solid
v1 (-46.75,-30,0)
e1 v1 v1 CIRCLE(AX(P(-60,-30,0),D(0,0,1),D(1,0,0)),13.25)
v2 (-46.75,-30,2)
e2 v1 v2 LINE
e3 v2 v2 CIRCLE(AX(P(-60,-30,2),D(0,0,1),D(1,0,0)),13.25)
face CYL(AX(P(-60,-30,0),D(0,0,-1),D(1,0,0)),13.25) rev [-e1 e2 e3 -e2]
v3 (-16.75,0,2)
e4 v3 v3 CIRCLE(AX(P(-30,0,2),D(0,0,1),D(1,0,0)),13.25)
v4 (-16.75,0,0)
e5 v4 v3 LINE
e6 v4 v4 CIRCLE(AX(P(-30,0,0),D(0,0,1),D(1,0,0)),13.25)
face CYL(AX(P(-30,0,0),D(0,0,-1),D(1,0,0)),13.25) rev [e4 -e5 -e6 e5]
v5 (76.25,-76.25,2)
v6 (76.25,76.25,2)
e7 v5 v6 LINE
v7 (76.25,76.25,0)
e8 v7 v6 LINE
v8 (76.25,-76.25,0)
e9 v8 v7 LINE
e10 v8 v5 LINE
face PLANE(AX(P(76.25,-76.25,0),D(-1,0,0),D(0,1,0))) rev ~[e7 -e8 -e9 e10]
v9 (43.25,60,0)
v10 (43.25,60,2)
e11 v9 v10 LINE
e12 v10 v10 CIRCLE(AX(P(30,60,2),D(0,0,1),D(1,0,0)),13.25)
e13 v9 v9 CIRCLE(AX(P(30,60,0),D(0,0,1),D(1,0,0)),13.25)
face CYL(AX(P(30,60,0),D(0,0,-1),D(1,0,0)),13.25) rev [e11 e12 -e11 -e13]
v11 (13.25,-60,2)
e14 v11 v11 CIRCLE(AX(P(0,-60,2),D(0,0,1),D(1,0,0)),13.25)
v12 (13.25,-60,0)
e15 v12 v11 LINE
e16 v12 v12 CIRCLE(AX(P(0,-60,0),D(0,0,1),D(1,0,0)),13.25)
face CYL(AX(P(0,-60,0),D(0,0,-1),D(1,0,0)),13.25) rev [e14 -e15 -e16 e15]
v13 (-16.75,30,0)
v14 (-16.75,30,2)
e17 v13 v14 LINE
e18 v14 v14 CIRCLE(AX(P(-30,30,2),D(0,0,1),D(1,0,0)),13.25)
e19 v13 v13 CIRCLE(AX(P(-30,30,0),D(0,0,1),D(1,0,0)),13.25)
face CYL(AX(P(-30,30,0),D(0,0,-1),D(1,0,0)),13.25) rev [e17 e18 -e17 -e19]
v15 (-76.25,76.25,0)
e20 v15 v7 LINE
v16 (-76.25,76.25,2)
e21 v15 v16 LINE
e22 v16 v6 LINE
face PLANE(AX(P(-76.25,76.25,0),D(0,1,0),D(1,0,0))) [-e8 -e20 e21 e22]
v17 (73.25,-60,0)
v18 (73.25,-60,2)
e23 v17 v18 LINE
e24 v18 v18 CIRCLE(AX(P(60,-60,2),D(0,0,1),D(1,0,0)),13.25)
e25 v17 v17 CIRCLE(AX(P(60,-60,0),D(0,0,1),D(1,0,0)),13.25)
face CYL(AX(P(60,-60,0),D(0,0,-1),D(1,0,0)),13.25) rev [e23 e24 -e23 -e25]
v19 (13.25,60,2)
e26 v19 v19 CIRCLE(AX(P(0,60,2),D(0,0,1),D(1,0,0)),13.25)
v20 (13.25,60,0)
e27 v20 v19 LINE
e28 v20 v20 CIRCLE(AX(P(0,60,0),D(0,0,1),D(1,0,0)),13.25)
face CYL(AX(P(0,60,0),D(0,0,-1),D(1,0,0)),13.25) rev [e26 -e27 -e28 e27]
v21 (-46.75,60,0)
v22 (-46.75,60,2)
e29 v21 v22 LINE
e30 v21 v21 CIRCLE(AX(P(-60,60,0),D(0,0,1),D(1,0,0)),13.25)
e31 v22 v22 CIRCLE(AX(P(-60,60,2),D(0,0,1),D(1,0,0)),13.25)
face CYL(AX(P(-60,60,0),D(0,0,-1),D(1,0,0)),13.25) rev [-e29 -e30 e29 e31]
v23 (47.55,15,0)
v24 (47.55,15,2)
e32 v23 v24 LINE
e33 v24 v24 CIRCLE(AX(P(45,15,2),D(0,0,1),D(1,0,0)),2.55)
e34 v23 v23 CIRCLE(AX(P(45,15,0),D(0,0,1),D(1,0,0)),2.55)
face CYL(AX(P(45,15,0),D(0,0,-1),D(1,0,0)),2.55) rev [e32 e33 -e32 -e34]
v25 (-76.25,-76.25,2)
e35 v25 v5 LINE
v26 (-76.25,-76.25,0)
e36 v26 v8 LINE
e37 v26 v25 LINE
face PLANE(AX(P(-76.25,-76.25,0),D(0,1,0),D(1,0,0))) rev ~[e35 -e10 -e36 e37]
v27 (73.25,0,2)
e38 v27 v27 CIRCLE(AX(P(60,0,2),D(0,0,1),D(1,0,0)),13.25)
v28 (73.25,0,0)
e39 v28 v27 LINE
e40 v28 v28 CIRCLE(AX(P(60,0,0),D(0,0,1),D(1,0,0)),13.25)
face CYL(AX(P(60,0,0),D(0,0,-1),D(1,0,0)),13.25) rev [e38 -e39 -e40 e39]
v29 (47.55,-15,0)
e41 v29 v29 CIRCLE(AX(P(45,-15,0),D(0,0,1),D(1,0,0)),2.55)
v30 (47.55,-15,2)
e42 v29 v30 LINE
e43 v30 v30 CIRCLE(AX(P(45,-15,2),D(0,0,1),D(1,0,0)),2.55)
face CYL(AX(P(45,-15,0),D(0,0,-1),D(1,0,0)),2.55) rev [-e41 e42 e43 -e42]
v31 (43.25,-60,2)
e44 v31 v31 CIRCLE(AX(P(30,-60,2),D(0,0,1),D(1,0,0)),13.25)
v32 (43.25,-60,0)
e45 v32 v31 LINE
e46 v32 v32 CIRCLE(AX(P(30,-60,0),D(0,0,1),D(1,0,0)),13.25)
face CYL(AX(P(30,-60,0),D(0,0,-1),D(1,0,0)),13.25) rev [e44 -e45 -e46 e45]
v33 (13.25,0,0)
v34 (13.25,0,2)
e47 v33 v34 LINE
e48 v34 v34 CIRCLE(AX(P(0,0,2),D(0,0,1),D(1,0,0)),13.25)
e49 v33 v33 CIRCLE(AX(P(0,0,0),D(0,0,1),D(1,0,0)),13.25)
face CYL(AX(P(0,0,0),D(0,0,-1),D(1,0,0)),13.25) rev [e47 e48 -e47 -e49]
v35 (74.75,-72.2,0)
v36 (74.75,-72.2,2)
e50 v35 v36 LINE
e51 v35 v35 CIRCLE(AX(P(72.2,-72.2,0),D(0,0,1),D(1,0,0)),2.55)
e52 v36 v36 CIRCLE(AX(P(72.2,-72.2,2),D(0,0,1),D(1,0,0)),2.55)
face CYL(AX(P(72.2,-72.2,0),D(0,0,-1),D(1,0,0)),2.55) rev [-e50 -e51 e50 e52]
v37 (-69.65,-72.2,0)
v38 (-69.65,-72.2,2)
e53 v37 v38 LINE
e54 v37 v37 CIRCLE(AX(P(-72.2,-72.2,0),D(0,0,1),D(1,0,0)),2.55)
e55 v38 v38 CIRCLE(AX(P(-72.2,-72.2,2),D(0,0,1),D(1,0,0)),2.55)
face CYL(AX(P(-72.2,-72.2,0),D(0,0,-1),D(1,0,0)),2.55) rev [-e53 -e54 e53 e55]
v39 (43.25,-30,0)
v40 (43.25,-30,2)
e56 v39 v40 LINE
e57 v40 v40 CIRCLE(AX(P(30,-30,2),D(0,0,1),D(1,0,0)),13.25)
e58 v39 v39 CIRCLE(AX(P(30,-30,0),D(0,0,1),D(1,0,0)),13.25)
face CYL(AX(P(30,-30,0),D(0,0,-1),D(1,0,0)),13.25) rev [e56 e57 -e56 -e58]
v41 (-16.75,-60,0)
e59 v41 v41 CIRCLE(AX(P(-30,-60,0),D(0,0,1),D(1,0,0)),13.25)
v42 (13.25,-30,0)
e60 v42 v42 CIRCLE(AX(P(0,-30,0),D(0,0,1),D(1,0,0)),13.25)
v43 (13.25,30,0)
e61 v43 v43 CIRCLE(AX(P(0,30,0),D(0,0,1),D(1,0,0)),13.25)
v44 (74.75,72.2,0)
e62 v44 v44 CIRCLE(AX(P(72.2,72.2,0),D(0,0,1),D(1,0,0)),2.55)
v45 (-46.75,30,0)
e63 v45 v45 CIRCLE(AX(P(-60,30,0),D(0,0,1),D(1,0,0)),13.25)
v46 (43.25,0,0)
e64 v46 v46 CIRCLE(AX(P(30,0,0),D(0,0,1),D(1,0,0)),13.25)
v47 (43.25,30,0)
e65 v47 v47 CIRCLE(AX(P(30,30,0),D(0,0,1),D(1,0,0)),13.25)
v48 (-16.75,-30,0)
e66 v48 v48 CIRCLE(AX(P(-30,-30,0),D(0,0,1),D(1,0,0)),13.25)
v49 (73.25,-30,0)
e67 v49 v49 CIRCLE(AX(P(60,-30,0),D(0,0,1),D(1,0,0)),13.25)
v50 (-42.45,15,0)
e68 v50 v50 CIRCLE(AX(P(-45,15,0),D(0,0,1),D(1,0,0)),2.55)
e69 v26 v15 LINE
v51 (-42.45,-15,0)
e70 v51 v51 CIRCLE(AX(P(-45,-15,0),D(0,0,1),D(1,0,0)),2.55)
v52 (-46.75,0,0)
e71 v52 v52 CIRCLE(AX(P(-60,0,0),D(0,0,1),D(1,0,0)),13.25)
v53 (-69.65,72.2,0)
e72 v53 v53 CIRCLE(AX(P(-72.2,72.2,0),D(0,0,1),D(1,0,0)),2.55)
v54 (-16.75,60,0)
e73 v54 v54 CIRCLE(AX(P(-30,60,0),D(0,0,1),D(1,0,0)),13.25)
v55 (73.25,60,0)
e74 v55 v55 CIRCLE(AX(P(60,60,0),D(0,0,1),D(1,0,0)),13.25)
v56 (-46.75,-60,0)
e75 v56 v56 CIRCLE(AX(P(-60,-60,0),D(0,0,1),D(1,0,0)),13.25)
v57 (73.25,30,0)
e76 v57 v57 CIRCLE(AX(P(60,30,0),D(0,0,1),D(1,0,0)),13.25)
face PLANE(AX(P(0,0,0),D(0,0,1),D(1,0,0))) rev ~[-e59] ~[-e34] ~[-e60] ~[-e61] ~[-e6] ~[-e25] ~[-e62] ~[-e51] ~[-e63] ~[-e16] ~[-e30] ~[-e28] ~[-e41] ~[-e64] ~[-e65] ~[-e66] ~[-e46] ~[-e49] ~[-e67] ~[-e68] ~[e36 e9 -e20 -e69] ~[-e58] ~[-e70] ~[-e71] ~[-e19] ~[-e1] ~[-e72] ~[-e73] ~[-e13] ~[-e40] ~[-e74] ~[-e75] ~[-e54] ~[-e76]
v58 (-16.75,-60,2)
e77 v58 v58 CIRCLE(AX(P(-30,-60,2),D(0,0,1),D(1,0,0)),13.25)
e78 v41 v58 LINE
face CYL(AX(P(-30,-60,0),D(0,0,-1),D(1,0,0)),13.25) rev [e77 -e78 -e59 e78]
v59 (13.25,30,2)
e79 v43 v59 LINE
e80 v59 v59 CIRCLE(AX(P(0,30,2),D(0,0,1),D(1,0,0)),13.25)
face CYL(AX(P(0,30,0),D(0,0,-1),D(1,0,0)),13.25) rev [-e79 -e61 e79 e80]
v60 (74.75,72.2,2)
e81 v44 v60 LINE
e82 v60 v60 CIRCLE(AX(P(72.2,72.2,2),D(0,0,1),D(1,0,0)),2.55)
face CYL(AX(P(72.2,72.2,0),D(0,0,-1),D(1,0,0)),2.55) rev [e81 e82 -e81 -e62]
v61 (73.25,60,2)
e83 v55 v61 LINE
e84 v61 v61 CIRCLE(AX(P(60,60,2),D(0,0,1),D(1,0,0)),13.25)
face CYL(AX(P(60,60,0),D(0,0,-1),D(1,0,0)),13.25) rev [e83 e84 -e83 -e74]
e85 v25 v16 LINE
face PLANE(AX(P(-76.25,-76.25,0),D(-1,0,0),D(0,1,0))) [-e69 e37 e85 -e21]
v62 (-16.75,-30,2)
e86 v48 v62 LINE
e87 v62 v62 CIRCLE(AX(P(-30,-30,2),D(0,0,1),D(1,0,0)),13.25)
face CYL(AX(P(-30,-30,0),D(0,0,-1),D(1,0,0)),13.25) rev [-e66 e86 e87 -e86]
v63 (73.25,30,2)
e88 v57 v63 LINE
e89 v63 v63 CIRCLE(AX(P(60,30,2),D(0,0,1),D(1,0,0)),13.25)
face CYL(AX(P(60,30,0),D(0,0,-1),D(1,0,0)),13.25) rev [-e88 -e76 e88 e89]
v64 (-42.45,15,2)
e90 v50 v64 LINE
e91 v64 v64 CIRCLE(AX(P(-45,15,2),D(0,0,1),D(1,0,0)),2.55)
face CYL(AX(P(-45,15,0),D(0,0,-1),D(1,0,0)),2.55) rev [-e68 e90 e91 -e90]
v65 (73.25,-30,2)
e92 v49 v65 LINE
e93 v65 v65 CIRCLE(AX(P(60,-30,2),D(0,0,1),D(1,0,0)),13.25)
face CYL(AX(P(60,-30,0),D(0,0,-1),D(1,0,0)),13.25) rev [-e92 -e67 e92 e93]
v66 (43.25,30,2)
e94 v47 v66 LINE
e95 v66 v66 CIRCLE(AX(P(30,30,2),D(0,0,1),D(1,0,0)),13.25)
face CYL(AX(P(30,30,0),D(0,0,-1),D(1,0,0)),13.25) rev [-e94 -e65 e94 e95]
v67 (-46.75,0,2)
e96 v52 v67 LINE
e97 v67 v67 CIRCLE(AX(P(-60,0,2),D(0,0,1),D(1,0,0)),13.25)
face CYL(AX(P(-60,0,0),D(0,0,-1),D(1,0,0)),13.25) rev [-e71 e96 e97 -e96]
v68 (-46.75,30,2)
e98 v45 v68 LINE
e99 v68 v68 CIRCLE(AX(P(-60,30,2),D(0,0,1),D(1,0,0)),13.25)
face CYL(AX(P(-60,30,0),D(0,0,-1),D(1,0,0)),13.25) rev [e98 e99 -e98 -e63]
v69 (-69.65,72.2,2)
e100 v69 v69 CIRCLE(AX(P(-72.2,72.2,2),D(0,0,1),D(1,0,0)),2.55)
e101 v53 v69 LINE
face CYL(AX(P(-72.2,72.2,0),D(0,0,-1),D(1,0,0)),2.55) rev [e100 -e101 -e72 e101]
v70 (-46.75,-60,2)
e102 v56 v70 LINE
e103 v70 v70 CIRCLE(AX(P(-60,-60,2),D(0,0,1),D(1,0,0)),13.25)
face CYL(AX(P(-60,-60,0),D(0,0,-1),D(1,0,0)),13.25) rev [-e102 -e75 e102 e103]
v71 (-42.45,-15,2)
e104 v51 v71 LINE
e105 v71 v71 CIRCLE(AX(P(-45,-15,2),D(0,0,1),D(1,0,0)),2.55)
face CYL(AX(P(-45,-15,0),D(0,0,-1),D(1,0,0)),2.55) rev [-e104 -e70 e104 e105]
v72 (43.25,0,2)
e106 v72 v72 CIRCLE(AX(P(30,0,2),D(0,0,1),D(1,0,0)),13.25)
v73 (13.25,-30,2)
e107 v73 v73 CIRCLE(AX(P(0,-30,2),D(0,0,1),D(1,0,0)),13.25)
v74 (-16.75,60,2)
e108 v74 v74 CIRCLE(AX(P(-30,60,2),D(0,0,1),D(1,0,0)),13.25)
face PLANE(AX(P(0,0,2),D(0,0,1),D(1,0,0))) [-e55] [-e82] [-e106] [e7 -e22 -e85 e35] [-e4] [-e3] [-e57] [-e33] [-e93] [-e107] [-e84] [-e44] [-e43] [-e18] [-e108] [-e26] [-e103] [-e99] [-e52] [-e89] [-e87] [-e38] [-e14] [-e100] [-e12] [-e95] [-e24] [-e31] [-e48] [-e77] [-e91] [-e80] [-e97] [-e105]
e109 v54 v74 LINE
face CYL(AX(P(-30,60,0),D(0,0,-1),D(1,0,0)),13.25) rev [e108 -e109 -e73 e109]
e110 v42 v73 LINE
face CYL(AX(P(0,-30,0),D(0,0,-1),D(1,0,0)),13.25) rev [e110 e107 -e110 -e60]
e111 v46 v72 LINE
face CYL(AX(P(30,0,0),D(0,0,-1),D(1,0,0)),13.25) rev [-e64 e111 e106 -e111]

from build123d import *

# Parameters (mm, degrees)
F0_W     = 152.5
F0_H     = 152.5
F0_R     = 2.55
F0_R_2   = 13.25
F1_DEPTH = 2


with BuildPart() as f1:
    # F0 (on Top) → F1 (new body)
    with BuildSketch(Plane.XY):
        Rectangle(F0_W, F0_H)
        with Locations((-72.2, -72.2)):
            Circle(F0_R, mode=Mode.SUBTRACT)
        with Locations((-60, -60)):
            Circle(F0_R_2, mode=Mode.SUBTRACT)
        with Locations((-30, -60)):
            Circle(F0_R_2, mode=Mode.SUBTRACT)
        with Locations((-60, -30)):
            Circle(F0_R_2, mode=Mode.SUBTRACT)
        with Locations((-45, -15)):
            Circle(F0_R, mode=Mode.SUBTRACT)
        with Locations((-30, -30)):
            Circle(F0_R_2, mode=Mode.SUBTRACT)
        with Locations((0, -60)):
            Circle(F0_R_2, mode=Mode.SUBTRACT)
        with Locations((30, -60)):
            Circle(F0_R_2, mode=Mode.SUBTRACT)
        with Locations((72.2, -72.2)):
            Circle(F0_R, mode=Mode.SUBTRACT)
        with Locations((60, -60)):
            Circle(F0_R_2, mode=Mode.SUBTRACT)
        with Locations((0, -30)):
            Circle(F0_R_2, mode=Mode.SUBTRACT)
        with Locations((30, -30)):
            Circle(F0_R_2, mode=Mode.SUBTRACT)
        with Locations((60, -30)):
            Circle(F0_R_2, mode=Mode.SUBTRACT)
        with Locations((45, -15)):
            Circle(F0_R, mode=Mode.SUBTRACT)
        with Locations((-60, 0)):
            Circle(F0_R_2, mode=Mode.SUBTRACT)
        with Locations((-45, 15)):
            Circle(F0_R, mode=Mode.SUBTRACT)
        with Locations((-60, 30)):
            Circle(F0_R_2, mode=Mode.SUBTRACT)
        with Locations((-30, 0)):
            Circle(F0_R_2, mode=Mode.SUBTRACT)
        with Locations((-30, 30)):
            Circle(F0_R_2, mode=Mode.SUBTRACT)
        with Locations((-60, 60)):
            Circle(F0_R_2, mode=Mode.SUBTRACT)
        with Locations((-72.2, 72.2)):
            Circle(F0_R, mode=Mode.SUBTRACT)
        with Locations((-30, 60)):
            Circle(F0_R_2, mode=Mode.SUBTRACT)
        Circle(F0_R_2, mode=Mode.SUBTRACT)
        with Locations((30, 0)):
            Circle(F0_R_2, mode=Mode.SUBTRACT)
        with Locations((0, 30)):
            Circle(F0_R_2, mode=Mode.SUBTRACT)
        with Locations((30, 30)):
            Circle(F0_R_2, mode=Mode.SUBTRACT)
        with Locations((45, 15)):
            Circle(F0_R, mode=Mode.SUBTRACT)
        with Locations((60, 0)):
            Circle(F0_R_2, mode=Mode.SUBTRACT)
        with Locations((60, 30)):
            Circle(F0_R_2, mode=Mode.SUBTRACT)
        with Locations((0, 60)):
            Circle(F0_R_2, mode=Mode.SUBTRACT)
        with Locations((30, 60)):
            Circle(F0_R_2, mode=Mode.SUBTRACT)
        with Locations((60, 60)):
            Circle(F0_R_2, mode=Mode.SUBTRACT)
        with Locations((72.2, 72.2)):
            Circle(F0_R, mode=Mode.SUBTRACT)
    extrude(amount=F1_DEPTH)


solid = f1.part
